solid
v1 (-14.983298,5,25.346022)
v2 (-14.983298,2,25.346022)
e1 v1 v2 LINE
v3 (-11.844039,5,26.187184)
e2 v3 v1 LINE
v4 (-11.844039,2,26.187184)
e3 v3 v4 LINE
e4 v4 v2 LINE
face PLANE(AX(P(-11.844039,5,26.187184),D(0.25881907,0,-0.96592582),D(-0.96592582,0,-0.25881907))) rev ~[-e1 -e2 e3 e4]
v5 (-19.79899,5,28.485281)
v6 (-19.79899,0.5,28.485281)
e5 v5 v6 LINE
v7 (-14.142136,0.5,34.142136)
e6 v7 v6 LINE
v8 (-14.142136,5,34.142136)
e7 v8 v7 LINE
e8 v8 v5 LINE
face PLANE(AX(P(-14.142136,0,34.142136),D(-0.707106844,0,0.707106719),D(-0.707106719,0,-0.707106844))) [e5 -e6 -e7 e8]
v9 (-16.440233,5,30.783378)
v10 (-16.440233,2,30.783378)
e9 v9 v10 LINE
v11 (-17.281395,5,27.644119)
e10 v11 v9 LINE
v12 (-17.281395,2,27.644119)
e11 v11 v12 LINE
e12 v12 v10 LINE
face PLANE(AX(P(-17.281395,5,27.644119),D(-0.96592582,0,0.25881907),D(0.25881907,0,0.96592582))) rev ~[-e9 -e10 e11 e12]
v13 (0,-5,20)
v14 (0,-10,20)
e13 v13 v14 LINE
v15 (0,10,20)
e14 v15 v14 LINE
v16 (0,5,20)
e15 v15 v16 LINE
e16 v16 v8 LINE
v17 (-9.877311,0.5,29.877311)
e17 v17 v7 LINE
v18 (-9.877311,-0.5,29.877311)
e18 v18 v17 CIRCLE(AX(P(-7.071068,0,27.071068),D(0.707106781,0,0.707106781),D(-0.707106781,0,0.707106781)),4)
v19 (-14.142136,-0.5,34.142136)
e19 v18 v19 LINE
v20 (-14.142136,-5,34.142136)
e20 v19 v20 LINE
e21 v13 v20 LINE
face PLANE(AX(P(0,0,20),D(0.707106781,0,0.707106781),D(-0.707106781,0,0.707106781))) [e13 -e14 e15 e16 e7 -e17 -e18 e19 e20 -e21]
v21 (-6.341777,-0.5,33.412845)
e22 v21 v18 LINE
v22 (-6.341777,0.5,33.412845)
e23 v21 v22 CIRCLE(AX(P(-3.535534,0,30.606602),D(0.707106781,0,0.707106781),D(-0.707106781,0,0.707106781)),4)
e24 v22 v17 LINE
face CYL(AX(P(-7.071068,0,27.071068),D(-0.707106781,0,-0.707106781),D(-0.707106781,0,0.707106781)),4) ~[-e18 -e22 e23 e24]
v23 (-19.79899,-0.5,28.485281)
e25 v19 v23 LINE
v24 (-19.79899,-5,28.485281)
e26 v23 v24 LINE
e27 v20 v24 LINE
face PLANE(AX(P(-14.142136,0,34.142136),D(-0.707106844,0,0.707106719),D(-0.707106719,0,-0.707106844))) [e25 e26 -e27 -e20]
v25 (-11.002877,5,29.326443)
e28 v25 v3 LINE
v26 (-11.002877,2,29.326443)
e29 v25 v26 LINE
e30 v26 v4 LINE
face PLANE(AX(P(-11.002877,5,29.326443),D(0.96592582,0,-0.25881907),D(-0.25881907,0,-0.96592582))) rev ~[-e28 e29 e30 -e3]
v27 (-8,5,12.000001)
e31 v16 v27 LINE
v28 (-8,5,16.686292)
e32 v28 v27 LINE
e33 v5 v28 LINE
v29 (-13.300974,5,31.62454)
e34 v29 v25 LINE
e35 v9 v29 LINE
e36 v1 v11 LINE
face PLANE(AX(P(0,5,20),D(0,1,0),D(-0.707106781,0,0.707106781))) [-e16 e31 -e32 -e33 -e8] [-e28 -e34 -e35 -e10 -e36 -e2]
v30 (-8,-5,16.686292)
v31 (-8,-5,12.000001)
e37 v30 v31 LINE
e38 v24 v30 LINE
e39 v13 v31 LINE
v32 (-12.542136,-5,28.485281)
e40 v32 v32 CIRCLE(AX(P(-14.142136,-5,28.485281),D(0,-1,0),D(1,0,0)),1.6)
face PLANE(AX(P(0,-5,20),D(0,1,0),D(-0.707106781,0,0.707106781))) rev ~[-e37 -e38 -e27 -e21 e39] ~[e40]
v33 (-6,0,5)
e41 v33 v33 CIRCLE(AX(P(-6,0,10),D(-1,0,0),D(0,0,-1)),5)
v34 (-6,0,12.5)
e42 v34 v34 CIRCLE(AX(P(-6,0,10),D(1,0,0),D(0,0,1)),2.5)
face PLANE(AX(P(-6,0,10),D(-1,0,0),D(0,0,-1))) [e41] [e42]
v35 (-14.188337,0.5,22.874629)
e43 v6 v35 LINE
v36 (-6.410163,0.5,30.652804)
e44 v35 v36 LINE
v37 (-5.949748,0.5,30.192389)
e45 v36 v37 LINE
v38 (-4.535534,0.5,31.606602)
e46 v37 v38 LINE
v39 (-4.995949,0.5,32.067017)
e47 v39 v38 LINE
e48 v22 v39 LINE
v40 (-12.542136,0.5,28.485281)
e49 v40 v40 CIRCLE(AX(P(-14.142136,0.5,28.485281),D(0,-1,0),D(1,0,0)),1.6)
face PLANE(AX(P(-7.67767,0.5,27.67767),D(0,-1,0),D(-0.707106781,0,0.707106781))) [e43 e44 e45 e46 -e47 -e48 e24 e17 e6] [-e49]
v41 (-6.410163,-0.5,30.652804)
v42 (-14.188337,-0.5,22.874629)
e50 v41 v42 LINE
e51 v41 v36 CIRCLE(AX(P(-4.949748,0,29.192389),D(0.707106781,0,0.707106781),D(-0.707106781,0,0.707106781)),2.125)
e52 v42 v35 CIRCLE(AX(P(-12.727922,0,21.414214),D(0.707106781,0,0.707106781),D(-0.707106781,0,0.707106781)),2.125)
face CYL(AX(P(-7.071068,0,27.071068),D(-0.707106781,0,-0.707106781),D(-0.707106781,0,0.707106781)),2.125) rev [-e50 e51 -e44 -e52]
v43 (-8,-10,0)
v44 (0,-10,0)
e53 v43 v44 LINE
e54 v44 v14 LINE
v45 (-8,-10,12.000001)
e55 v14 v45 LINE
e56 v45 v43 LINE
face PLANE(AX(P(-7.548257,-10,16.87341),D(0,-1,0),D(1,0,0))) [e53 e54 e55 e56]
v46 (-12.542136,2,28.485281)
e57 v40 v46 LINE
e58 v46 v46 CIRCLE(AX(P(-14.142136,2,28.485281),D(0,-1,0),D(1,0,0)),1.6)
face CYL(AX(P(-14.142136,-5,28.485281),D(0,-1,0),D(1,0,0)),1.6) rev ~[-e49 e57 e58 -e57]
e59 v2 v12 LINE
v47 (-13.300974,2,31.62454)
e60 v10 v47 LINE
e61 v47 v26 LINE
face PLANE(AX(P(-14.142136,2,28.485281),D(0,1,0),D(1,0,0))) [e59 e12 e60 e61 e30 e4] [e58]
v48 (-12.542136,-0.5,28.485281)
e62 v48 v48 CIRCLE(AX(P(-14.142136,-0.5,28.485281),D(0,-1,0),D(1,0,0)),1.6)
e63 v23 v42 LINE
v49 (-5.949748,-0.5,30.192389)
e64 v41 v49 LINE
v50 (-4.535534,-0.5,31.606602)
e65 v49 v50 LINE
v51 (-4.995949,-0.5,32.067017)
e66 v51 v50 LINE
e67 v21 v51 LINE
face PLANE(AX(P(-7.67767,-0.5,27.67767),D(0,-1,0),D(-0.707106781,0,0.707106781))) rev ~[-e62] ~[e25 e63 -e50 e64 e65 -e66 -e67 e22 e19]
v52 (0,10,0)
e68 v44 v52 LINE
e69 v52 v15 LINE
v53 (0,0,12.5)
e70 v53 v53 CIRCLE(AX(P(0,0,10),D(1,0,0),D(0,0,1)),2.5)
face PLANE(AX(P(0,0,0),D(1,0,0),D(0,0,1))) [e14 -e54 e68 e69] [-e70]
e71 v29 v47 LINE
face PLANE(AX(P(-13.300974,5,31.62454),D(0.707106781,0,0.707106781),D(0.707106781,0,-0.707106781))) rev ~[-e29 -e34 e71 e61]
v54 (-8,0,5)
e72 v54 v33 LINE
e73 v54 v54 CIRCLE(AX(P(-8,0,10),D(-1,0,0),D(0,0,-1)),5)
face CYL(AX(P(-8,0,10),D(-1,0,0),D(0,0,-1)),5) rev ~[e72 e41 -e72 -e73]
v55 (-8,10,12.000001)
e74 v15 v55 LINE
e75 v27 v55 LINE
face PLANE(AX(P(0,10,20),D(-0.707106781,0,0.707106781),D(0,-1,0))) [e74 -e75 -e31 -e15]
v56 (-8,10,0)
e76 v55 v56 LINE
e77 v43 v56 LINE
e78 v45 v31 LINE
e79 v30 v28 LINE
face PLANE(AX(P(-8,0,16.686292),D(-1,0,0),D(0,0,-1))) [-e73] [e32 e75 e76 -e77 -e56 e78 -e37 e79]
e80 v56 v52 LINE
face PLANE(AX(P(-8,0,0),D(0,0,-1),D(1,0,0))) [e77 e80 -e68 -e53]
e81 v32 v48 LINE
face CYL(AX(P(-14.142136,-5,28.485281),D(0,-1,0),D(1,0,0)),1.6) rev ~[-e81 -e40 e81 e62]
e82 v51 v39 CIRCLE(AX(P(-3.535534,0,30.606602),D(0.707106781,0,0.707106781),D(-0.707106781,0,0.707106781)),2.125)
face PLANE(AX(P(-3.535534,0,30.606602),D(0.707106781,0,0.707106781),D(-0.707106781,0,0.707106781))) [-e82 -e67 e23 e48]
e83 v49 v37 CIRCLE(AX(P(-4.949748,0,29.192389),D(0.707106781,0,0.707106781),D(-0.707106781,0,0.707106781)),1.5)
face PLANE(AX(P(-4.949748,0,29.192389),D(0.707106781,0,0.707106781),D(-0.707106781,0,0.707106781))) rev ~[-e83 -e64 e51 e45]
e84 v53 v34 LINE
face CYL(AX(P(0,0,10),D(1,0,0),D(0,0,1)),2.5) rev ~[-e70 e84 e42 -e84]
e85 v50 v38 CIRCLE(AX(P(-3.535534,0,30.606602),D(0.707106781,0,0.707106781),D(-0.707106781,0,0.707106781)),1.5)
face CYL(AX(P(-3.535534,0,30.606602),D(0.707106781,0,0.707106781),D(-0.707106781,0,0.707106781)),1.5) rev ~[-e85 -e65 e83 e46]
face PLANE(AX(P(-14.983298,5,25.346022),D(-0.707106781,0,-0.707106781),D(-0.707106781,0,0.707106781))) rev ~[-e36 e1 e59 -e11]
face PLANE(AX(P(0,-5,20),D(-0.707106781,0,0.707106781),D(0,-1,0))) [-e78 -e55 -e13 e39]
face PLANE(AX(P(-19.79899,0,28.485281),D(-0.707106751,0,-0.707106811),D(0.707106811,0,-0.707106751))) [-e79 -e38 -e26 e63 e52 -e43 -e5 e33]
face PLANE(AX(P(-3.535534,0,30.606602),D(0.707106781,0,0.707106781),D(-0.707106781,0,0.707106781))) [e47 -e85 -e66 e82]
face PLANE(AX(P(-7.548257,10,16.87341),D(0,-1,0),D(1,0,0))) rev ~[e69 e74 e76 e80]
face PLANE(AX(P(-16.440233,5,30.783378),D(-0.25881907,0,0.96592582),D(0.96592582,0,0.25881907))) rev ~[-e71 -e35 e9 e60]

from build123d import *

# Parameters (mm, degrees)
PAD_DEPTH            = 10
SKETCH001_R          = 2.5
POCKET_DEPTH         = 19.79999
SKETCH002_R          = 2.125
POCKET001_DEPTH      = 28.143136
SKETCH003_R          = 4
SKETCH003_R_2        = 2.125
PAD001_DEPTH         = 5
SKETCH004_R          = 2.125
SKETCH004_R_2        = 1.5
PAD002_DEPTH         = 2
SKETCH005_W          = 20
SKETCH005_H          = 5
SKETCH005_W_2        = 9.142136
SKETCH005_H_2        = 1
POCKET002_DEPTH      = 28.143136
POCKET002_DEPTH_BACK = -10.001
SKETCH006_R          = 1.6
POCKET003_DEPTH      = 15.001
POCKET004_DEPTH      = 3
SKETCH008_R          = 5
POCKET005_DEPTH      = 2


with BuildPart() as part:
    # Sketch → Pad (new body, symmetric)
    with BuildSketch(Plane.XZ):
        Polygon((0, 0), (0, 20), (-14.142136, 34.142136), (-19.79899, 28.485281), (-8, 16.686292), (-8, 0), align=None)
    extrude(amount=PAD_DEPTH, both=True)

    # Sketch001 (on Face1 of Pad) → Pocket (cut, through all)
    with BuildSketch(Plane(origin=(0, 0, 0), x_dir=(0, 0, 1), z_dir=(1, 0, 0))):
        with Locations((10, 0)):
            Circle(SKETCH001_R)
    extrude(amount=-POCKET_DEPTH, mode=Mode.SUBTRACT)

    # Sketch002 (on Face5 of Pocket) → Pocket001 (cut, through all)
    with BuildSketch(Plane(origin=(10, 0, 10), x_dir=(-0.707107, 0, 0.707107), z_dir=(0.707107, 0, 0.707107))):
        with Locations((24.142136, 0)):
            Circle(SKETCH002_R)
    extrude(amount=-POCKET001_DEPTH, mode=Mode.SUBTRACT)

    # Sketch003 (on Face5 of Pocket001) → Pad001 (join)
    with BuildSketch(Plane(origin=(10, 0, 10), x_dir=(-0.707107, 0, 0.707107), z_dir=(0.707107, 0, 0.707107))):
        with Locations((24.142136, 0)):
            Circle(SKETCH003_R)
        with Locations((24.142136, 0)):
            Circle(SKETCH003_R_2, mode=Mode.SUBTRACT)
    extrude(amount=PAD001_DEPTH)

    # Sketch004 (on Face11 of Pad001) → Pad002 (join)
    with BuildSketch(Plane(origin=(13.535534, 0, 13.535534), x_dir=(-0.707107, 0, 0.707107), z_dir=(0.707107, 0, 0.707107))):
        with Locations((24.142136, 0)):
            Circle(SKETCH004_R)
        with Locations((24.142136, 0)):
            Circle(SKETCH004_R_2, mode=Mode.SUBTRACT)
    extrude(amount=-PAD002_DEPTH)

    # Sketch005 (on Face5 of Pad002) → Pocket002 (cut, two sides)
    with BuildSketch(Plane(origin=(10, 0, 10), x_dir=(-0.707107, 0, 0.707107), z_dir=(0.707107, 0, 0.707107))) as pocket002_sk:
        with Locations((24.142136, 7.5)):
            Rectangle(SKETCH005_W, SKETCH005_H)
        with Locations((24.142136, -7.5)):
            Rectangle(SKETCH005_W, SKETCH005_H)
        with Locations((29.571068, 0)):
            Rectangle(SKETCH005_W_2, SKETCH005_H_2)
    extrude(amount=-POCKET002_DEPTH, mode=Mode.SUBTRACT)
    extrude(pocket002_sk.sketch, amount=-POCKET002_DEPTH_BACK, mode=Mode.SUBTRACT)

    # Sketch006 (on Face16 of Pocket002) → Pocket003 (cut, through all)
    with BuildSketch(Plane.XZ.offset(5)):
        with Locations((-14.142136, 28.485281)):
            Circle(SKETCH006_R)
    extrude(amount=-POCKET003_DEPTH, mode=Mode.SUBTRACT)

    # Sketch007 (on Face10 of Pocket003) → Pocket004 (cut)
    with BuildSketch(Plane(origin=(0, 5, 0), x_dir=(1, 0, 0), z_dir=(0, 1, 0))):
        Polygon((-11.002877, -29.326443), (-11.844039, -26.187184), (-14.983298, -25.346022), (-17.281395, -27.644119), (-16.440233, -30.783378), (-13.300974, -31.62454), align=None)
    extrude(amount=-POCKET004_DEPTH, mode=Mode.SUBTRACT)

    # Sketch008 (on Face9 of Pocket004) → Pocket005 (cut)
    with BuildSketch(Plane(origin=(-8, 0, 0), x_dir=(0, 0, -1), z_dir=(-1, 0, 0))):
        with Locations((-10, 0)):
            Circle(SKETCH008_R)
    extrude(amount=-POCKET005_DEPTH, mode=Mode.SUBTRACT)


solid = part.part
